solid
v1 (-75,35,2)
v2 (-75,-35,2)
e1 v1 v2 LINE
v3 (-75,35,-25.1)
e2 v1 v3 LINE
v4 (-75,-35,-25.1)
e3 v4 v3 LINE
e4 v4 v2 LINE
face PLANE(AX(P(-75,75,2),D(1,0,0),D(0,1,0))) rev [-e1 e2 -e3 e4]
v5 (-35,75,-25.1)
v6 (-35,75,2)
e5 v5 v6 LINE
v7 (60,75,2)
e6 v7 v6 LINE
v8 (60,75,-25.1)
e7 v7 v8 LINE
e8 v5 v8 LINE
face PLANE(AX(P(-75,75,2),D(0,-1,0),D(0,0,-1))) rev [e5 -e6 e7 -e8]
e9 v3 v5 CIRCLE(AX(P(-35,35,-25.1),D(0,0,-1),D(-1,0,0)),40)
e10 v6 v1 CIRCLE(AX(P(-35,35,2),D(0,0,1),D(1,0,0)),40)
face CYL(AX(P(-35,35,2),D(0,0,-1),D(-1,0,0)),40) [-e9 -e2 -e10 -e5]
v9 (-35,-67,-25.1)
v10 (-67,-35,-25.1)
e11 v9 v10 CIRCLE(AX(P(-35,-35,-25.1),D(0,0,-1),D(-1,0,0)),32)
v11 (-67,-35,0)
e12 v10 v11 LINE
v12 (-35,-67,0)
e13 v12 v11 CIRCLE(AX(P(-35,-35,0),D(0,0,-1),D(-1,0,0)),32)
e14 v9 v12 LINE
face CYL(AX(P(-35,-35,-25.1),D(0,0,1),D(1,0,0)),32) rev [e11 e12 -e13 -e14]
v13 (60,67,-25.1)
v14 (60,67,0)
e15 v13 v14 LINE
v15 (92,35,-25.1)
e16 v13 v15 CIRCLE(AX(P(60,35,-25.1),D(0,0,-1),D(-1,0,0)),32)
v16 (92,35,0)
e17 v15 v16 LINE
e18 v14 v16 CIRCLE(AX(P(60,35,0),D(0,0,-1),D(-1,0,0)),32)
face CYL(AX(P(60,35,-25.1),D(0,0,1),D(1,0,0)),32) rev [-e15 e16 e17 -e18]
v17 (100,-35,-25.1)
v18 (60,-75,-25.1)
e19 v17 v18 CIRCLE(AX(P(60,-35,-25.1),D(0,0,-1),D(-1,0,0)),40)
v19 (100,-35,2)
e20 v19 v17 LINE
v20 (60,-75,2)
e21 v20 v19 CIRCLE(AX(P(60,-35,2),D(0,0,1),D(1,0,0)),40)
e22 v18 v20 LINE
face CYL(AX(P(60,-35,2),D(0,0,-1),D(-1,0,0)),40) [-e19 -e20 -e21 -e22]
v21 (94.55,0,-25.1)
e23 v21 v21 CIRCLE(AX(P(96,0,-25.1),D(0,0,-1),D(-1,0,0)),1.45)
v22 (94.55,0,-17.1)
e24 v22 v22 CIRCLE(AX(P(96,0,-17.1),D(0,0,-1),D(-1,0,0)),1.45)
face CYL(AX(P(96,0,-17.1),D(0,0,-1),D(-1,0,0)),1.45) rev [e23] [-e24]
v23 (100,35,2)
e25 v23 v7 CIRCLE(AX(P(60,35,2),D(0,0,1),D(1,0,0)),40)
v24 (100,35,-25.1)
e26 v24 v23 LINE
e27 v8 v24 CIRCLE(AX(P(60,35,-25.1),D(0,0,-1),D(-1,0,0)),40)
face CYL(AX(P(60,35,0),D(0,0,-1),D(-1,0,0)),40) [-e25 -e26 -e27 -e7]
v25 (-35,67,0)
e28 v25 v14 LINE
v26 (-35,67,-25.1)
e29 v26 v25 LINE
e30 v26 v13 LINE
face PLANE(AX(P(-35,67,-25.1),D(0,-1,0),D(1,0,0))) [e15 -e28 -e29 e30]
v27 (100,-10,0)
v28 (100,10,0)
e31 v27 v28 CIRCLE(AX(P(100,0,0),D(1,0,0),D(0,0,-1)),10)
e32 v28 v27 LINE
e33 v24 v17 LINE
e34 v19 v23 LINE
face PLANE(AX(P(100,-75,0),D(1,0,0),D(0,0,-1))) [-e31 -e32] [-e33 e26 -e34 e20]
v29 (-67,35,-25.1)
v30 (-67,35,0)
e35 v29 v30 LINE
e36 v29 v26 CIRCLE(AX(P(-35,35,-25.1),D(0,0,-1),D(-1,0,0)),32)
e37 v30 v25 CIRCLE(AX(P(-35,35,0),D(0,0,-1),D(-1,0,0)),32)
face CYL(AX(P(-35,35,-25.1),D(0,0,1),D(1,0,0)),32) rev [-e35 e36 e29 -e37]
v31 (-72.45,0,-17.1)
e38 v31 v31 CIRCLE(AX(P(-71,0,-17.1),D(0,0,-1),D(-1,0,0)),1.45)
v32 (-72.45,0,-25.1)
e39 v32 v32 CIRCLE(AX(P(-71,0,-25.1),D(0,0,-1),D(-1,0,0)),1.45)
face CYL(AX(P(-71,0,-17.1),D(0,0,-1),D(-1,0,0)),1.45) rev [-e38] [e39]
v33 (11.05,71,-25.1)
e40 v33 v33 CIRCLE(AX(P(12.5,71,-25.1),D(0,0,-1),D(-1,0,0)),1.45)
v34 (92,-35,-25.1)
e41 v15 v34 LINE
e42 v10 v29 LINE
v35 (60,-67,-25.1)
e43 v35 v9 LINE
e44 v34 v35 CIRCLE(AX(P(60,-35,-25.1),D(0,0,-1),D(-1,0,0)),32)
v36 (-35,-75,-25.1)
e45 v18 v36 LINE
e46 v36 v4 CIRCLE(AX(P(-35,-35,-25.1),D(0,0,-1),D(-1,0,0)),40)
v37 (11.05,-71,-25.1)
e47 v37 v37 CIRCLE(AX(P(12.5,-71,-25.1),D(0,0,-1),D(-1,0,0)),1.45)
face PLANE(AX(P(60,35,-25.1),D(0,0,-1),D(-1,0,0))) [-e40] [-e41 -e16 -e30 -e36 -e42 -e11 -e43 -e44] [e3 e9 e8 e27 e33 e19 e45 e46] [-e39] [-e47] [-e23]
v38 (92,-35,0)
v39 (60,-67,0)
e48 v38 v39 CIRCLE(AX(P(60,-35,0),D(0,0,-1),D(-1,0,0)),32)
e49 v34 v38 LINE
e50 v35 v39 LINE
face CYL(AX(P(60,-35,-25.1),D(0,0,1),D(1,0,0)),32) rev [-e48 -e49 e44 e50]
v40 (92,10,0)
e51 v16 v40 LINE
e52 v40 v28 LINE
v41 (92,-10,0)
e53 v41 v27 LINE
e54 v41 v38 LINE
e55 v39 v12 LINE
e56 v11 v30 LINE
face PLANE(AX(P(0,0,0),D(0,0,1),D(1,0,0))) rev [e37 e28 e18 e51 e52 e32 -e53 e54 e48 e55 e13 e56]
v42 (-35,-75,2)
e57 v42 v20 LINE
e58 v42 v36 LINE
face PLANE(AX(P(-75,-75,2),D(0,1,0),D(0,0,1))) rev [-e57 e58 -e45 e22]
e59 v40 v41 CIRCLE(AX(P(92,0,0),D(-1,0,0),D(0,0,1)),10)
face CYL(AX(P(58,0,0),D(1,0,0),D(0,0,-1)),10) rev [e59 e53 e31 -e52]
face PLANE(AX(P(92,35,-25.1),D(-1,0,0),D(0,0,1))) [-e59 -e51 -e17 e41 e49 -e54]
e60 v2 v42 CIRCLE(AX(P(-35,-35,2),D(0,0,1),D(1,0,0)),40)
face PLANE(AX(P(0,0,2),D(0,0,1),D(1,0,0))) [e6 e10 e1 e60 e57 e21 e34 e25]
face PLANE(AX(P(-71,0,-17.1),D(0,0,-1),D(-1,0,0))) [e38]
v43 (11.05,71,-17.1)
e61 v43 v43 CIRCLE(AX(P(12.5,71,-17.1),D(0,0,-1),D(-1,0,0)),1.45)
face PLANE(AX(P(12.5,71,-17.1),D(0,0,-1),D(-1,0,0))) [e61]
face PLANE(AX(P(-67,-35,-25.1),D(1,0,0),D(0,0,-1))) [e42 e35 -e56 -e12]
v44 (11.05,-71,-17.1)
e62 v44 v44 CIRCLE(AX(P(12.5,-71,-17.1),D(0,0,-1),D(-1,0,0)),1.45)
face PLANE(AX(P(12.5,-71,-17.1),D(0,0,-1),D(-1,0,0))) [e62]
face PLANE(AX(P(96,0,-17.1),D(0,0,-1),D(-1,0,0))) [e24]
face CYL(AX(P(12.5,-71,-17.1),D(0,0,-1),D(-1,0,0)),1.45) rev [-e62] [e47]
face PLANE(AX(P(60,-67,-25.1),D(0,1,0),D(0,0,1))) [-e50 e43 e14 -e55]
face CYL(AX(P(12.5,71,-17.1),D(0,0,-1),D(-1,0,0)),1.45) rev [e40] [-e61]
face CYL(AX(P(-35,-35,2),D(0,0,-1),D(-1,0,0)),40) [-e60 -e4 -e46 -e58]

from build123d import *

# Parameters (mm, degrees)
ESQUISSE1_W             = 150
ESQUISSE1_H             = 150
BOSS_EXTRU_1_DEPTH      = 2
CONG_1_R                = 40
BOSS_EXTRU_4_DEPTH      = 2
CONG_2_R                = 40
BOSS_EXTRU_3_DEPTH      = 25.1
ESQUISSE8_R             = 1.45
ENL_V_MAT_EXTRU_4_DEPTH = 8
ENL_V_MAT_EXTRU_6_DEPTH = 42


with BuildPart() as part:
    # Esquisse1 → Boss.-Extru.1 (new body)
    with BuildSketch(Plane.XY):
        Rectangle(ESQUISSE1_W, ESQUISSE1_H)
    extrude(amount=BOSS_EXTRU_1_DEPTH)

    # Congé1
    cong_1_edges = [part.edges().sort_by_distance(p)[0] for p in [
        (-75, 75, 1),
        (75, 75, 1),
        (75, -75, 1),
        (-75, -75, 1),
    ]]
    fillet(cong_1_edges, radius=CONG_1_R)

    # Esquisse9 → Boss.-Extru.4 (add)
    with BuildSketch(Plane.XY.offset(2)):
        with BuildLine():
            Line((35, 75), (100, 75))
            Line((100, 75), (100, -75))
            Line((100, -75), (35, -75))
            ThreePointArc((35, -75), (63.284271247, -63.284271247), (75, -35))
            Line((75, -35), (75, 35))
            ThreePointArc((75, 35), (63.284271247, 63.284271247), (35, 75))
        make_face()
    extrude(amount=-BOSS_EXTRU_4_DEPTH)

    # Congé2
    cong_2_edges = [part.edges().sort_by_distance(p)[0] for p in [
        (100, 75, 1),
        (100, -75, 1),
    ]]
    fillet(cong_2_edges, radius=CONG_2_R)

    # Esquisse5 → Boss.-Extru.3 (add)
    with BuildSketch(Plane(origin=(0, 0, 0), x_dir=(-1, 0, 0), z_dir=(0, 0, -1))):
        with BuildLine():
            Line((-100, 35), (-100, -35))
            ThreePointArc((-100, -35), (-88.284271247, -63.284271247), (-60, -75))
            Line((-60, -75), (35, -75))
            ThreePointArc((35, -75), (63.284271247, -63.284271247), (75, -35))
            Line((75, -35), (75, 35))
            ThreePointArc((75, 35), (63.284271247, 63.284271247), (35, 75))
            Line((35, 75), (-60, 75))
            ThreePointArc((-60, 75), (-88.284271247, 63.284271247), (-100, 35))
        make_face()
        with BuildLine():
            Line((35, 67), (-60, 67))
            ThreePointArc((-60, 67), (-82.627416998, 57.627416998), (-92, 35))
            Line((-92, 35), (-92, -35))
            ThreePointArc((-92, -35), (-82.627416998, -57.627416998), (-60, -67))
            Line((-60, -67), (35, -67))
            ThreePointArc((35, -67), (57.627416998, -57.627416998), (67, -35))
            Line((67, -35), (67, 35))
            ThreePointArc((67, 35), (57.627416998, 57.627416998), (35, 67))
        make_face(mode=Mode.SUBTRACT)
    extrude(amount=BOSS_EXTRU_3_DEPTH)

    # Esquisse8 → Enlèv. mat.-Extru.4 (cut)
    with BuildSketch(Plane(origin=(0, 0, -25.1), x_dir=(-1, 0, 0), z_dir=(0, 0, -1))):
        with Locations((-96, 0)):
            Circle(ESQUISSE8_R)
        with Locations((-12.5, 71)):
            Circle(ESQUISSE8_R)
        with Locations((71, 0)):
            Circle(ESQUISSE8_R)
        with Locations((-12.5, -71)):
            Circle(ESQUISSE8_R)
    extrude(amount=-ENL_V_MAT_EXTRU_4_DEPTH, mode=Mode.SUBTRACT)

    # Esquisse10 → Enlèv. mat.-Extru.6 (cut)
    with BuildSketch(Plane(origin=(100, 0, 0), x_dir=(0, 0, -1), z_dir=(1, 0, 0))):
        with BuildLine():
            Line((0, 10), (0, -10))
            ThreePointArc((0, -10), (10, 0), (0, 10))
        make_face()
    extrude(amount=-ENL_V_MAT_EXTRU_6_DEPTH, mode=Mode.SUBTRACT)


solid = part.part
